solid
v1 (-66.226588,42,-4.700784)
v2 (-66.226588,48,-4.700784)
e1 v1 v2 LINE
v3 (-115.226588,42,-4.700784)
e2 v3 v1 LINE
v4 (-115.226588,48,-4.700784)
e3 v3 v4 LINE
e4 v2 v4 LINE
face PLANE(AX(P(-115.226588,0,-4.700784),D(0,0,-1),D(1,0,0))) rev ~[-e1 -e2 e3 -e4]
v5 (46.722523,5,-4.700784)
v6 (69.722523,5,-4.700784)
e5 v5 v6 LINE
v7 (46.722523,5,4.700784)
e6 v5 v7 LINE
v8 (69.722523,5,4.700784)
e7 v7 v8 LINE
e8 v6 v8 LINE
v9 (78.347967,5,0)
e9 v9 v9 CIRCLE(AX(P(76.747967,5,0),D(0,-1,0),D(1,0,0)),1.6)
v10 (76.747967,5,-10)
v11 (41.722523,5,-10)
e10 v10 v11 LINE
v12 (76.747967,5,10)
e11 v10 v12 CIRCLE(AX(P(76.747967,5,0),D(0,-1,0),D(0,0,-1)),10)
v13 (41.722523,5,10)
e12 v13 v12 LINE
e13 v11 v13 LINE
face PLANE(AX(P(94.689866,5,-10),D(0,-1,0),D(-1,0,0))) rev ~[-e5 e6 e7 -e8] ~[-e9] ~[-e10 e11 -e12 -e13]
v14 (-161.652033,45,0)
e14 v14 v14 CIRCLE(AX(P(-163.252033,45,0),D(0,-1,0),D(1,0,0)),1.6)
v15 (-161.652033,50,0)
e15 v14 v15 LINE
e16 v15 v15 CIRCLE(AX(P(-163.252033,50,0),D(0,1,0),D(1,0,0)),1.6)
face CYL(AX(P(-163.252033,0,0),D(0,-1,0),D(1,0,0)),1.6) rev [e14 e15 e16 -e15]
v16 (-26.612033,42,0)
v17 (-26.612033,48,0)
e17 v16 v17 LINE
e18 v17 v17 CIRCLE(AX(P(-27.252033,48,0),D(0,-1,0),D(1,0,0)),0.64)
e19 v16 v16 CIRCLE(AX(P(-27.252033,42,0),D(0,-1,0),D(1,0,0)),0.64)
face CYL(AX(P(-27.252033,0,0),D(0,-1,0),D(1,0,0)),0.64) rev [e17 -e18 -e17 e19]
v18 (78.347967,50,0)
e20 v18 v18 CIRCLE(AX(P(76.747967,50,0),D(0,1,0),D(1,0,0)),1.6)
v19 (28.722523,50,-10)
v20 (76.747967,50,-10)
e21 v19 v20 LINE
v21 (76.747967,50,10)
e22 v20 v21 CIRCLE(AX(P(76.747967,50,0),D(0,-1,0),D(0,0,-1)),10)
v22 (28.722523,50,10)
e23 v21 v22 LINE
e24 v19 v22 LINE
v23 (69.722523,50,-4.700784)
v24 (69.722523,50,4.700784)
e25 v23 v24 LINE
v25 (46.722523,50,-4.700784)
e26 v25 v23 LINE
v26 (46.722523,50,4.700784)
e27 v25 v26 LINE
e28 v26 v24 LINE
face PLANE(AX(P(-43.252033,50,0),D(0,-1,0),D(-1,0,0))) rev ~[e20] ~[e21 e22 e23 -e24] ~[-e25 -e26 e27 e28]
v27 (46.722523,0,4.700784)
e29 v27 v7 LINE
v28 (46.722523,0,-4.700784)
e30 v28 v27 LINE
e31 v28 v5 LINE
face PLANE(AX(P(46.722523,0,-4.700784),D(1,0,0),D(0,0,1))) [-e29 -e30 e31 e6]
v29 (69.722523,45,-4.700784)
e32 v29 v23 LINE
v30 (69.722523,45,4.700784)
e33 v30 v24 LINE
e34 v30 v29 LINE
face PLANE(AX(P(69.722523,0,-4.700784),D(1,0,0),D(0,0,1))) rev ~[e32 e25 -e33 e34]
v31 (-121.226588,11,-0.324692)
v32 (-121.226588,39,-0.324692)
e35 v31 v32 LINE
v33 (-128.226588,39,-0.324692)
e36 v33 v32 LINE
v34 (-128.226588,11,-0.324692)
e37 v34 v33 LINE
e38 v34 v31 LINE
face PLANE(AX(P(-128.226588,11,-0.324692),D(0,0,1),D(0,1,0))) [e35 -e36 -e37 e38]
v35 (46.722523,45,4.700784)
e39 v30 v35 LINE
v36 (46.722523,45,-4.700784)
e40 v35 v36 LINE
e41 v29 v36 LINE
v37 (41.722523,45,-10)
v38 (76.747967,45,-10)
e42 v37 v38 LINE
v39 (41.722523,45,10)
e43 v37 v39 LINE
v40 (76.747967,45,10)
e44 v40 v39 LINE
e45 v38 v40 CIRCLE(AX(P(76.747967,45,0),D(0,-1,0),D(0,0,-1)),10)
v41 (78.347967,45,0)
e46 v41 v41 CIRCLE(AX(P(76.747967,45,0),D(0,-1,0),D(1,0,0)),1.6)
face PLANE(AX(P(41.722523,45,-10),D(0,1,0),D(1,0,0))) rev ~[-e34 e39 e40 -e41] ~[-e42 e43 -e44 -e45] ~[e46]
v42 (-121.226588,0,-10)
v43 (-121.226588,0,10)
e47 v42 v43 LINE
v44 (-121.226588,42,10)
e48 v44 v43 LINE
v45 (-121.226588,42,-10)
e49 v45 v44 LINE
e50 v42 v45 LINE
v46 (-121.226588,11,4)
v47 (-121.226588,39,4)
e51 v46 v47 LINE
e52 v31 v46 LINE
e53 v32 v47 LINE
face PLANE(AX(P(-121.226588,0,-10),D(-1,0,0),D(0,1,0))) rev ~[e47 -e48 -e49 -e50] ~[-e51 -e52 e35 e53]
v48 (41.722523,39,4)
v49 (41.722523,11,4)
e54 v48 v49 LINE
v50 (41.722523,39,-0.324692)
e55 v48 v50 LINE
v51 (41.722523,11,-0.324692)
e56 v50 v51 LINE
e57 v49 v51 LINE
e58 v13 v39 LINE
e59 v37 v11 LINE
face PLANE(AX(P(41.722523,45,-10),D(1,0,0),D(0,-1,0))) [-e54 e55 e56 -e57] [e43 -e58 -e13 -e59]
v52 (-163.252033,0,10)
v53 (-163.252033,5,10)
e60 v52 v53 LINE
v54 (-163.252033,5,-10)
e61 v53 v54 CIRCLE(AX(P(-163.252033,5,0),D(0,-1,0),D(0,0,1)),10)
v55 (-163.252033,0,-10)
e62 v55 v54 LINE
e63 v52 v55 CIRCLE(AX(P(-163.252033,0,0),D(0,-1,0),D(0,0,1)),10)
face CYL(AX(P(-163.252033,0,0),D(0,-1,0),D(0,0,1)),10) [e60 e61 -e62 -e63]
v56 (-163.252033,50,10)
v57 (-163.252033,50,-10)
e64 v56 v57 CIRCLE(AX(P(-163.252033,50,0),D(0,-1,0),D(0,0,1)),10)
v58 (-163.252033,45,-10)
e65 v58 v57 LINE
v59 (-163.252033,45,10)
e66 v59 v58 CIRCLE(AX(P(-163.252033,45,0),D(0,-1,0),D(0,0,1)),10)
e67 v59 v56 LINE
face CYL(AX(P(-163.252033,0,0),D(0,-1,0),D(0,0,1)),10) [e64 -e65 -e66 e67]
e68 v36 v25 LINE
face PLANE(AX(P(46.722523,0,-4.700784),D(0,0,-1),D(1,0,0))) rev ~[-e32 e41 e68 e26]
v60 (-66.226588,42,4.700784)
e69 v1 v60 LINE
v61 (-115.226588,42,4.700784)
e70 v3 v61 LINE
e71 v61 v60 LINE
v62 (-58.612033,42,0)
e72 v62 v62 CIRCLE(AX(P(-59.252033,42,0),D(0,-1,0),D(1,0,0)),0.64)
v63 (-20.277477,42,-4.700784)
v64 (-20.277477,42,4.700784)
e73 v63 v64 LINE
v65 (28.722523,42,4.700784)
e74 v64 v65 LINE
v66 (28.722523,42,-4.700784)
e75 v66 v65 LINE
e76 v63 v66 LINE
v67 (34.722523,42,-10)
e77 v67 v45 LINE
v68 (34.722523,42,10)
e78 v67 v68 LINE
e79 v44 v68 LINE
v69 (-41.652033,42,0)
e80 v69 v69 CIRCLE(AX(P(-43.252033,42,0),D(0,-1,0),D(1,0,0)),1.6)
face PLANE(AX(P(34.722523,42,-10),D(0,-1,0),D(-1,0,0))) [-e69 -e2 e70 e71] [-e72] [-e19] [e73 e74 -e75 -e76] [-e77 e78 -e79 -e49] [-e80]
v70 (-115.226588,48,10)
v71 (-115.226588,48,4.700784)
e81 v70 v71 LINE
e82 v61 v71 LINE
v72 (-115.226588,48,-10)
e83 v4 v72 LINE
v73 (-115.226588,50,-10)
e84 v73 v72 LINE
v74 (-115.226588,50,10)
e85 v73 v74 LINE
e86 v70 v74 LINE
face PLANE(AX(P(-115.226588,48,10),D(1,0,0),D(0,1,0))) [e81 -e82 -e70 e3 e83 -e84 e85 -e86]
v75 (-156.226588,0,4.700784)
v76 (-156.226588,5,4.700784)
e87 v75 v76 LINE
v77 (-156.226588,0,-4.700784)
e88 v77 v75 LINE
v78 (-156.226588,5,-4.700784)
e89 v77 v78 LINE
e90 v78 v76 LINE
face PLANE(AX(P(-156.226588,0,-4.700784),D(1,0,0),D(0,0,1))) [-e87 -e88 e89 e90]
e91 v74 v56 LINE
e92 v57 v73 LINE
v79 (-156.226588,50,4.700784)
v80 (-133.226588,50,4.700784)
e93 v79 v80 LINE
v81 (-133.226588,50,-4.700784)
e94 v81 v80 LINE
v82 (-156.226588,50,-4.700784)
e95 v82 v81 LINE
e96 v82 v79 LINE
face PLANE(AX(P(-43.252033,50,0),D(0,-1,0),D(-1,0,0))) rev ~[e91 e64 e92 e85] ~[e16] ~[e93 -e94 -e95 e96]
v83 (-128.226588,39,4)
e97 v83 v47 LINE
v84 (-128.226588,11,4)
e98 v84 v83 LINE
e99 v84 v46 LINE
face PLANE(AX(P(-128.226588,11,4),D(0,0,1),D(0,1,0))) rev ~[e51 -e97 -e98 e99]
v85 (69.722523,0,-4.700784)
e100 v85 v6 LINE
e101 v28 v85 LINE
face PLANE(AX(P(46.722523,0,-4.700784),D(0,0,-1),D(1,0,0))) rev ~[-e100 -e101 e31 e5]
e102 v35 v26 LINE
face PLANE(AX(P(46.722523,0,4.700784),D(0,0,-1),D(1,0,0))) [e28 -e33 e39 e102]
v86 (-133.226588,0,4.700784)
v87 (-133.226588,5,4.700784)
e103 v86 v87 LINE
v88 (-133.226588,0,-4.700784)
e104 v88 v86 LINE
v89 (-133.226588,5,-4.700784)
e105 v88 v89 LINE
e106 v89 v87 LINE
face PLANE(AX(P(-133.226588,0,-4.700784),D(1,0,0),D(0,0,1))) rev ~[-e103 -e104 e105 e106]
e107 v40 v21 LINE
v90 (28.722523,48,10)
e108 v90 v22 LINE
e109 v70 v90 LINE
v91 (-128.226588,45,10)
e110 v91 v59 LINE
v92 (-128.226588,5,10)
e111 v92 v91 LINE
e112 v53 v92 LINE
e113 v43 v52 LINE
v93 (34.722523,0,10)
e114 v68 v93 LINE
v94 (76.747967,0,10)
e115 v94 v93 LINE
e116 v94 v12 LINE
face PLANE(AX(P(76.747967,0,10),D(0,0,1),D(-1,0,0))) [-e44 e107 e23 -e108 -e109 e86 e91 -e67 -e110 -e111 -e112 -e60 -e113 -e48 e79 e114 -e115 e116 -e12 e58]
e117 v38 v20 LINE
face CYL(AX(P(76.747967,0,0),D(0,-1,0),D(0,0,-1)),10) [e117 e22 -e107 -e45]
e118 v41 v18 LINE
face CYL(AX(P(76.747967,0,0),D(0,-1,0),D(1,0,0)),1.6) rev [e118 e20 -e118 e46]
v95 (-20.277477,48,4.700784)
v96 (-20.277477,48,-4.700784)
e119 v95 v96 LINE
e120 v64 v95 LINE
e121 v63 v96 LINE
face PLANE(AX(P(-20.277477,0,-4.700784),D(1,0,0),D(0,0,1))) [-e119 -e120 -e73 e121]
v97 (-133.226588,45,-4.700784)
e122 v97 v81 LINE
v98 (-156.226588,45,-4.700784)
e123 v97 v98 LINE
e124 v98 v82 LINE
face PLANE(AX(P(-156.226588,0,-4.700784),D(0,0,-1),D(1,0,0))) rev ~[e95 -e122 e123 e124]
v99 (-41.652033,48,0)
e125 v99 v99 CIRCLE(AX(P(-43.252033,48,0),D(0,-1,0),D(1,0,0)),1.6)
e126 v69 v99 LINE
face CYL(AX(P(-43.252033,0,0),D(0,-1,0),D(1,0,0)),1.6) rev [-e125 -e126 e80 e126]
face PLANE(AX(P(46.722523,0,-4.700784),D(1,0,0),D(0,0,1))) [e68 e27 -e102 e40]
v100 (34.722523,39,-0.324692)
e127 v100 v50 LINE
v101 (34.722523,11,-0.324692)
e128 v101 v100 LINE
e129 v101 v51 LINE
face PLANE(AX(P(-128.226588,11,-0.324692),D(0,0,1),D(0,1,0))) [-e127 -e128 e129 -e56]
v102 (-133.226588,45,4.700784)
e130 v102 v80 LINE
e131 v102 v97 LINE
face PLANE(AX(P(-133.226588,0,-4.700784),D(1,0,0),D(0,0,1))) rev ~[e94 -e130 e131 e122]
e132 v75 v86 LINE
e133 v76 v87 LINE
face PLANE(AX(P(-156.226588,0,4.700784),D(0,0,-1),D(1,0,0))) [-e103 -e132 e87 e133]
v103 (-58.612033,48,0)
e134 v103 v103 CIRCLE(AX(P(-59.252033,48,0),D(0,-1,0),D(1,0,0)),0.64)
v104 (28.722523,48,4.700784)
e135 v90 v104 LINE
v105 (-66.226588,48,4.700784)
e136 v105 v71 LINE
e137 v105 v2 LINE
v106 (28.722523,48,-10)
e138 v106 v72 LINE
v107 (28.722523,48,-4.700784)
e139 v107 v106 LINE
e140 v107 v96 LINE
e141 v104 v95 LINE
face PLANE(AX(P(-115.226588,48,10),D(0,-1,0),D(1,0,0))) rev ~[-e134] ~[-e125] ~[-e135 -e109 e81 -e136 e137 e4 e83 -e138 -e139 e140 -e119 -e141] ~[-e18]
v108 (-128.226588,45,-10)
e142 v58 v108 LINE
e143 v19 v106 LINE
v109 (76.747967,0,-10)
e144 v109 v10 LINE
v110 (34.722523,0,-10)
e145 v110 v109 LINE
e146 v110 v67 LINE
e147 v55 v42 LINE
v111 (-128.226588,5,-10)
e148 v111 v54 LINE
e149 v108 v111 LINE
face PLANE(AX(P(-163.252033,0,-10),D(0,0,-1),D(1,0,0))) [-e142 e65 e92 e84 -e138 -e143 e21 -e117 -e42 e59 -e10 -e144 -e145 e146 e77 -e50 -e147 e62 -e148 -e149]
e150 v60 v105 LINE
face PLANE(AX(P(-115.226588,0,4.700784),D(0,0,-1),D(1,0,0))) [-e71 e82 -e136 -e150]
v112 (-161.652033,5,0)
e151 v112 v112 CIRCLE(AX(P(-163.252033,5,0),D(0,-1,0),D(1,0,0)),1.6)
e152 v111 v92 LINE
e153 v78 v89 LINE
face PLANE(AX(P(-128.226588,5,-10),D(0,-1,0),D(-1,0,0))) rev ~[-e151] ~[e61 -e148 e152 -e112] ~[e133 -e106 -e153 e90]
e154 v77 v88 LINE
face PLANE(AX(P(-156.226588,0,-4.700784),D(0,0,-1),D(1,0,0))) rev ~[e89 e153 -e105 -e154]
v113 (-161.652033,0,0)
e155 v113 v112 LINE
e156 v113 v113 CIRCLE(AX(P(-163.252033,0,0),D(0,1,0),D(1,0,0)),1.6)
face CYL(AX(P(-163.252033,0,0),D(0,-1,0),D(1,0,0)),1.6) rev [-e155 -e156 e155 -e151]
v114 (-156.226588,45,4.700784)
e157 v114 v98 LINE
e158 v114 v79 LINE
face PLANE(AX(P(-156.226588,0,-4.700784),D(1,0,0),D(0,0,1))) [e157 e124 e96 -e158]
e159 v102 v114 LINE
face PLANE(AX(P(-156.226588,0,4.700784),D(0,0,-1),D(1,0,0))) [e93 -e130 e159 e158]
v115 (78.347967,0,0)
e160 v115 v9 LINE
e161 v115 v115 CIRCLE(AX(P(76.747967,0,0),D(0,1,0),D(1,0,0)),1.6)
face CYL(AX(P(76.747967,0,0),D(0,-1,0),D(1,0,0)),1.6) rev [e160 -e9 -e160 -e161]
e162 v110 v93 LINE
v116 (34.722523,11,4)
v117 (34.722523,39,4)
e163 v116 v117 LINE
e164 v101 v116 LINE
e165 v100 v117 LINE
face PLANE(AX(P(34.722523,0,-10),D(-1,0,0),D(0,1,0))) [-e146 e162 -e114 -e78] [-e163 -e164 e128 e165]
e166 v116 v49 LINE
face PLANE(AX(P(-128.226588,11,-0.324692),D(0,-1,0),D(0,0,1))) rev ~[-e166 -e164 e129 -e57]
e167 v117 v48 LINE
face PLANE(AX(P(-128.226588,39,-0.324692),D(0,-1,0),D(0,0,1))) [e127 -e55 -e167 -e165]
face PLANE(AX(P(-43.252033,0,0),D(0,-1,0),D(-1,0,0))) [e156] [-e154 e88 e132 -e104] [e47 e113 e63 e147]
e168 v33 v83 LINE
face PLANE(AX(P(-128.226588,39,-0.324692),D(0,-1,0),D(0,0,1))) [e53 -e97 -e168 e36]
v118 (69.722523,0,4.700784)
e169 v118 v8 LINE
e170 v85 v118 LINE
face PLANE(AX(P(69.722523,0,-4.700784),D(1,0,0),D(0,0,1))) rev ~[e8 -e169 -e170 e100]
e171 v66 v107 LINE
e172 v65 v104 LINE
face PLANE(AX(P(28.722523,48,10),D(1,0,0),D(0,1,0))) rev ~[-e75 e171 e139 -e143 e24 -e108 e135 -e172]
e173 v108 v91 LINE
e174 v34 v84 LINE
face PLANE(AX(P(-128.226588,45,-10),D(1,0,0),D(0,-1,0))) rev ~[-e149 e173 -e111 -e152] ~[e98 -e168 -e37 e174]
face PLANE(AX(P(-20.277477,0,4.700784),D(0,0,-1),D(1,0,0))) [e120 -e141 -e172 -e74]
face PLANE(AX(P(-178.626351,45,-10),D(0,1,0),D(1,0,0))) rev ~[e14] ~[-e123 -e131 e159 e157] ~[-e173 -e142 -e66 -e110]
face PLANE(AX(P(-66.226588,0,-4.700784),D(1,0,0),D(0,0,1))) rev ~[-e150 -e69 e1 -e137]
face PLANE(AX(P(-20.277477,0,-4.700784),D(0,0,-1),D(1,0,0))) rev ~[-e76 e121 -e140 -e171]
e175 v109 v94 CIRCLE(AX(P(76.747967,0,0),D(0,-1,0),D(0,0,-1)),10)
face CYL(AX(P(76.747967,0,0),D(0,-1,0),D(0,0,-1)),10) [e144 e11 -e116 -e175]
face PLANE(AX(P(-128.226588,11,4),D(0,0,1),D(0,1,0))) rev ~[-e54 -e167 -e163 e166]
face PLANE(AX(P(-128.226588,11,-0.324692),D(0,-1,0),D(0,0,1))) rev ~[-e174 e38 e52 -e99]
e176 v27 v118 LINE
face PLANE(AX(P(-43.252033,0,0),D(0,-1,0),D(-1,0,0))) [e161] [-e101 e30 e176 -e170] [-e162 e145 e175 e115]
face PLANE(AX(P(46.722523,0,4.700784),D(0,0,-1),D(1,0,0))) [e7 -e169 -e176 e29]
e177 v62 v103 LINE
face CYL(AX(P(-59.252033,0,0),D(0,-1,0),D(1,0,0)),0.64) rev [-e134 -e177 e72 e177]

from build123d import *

# Parameters (mm, degrees)
SKETCH_1_R          = 1.6
SKETCH_1_R_2        = 0.64
EXTRUDE_1_DEPTH     = 50
SKETCH_4_W          = 155.949110162
SKETCH_4_H          = 42
CUT_EXTRUDE_3_DEPTH = 21
SKETCH_5_W          = 23
SKETCH_5_H          = 9.401567806
SKETCH_5_W_2        = 49
CUT_EXTRUDE_4_DEPTH = 51
SKETCH_6_W          = 4.324691993
SKETCH_6_H          = 28
CUT_EXTRUDE_5_DEPTH = 215.974555081
SKETCH_7_W          = 143.949110162
SKETCH_7_H          = 2
CUT_EXTRUDE_6_DEPTH = 21


with BuildPart() as part:
    # 草图1 → 凸台-拉伸1 (new body)
    with BuildSketch(Plane(origin=(0, 0, 0), x_dir=(1, 0, 0), z_dir=(0, 1, 0))):
        with BuildLine():
            Line((-163.25203252, 10), (76.74796748, 10))
            ThreePointArc((76.74796748, 10), (86.74796748, 0), (76.74796748, -10))
            Line((76.74796748, -10), (-163.25203252, -10))
            ThreePointArc((-163.25203252, -10), (-173.25203252, 0), (-163.25203252, 10))
        make_face()
        with Locations((76.74796748, 0)):
            Circle(SKETCH_1_R, mode=Mode.SUBTRACT)
        with Locations((-163.25203252, 0)):
            Circle(SKETCH_1_R, mode=Mode.SUBTRACT)
        with Locations((-59.25203252, 0)):
            Circle(SKETCH_1_R_2, mode=Mode.SUBTRACT)
        with Locations((-43.25203252, 0)):
            Circle(SKETCH_1_R, mode=Mode.SUBTRACT)
        with Locations((-27.25203252, 0)):
            Circle(SKETCH_1_R_2, mode=Mode.SUBTRACT)
    extrude(amount=EXTRUDE_1_DEPTH)

    # 草图4 → 切除-拉伸3 (cut, through all)
    with BuildSketch(Plane(origin=(0, 0, -10), x_dir=(-1, 0, 0), z_dir=(0, 0, -1))):
        Polygon((-86.722522561, 45), (-56.74796748, 45), (-41.722522561, 45), (-41.722522561, 5), (-56.74796748, 5), (-86.74796748, 5), (-94.689865515, 5), (-94.689865515, 45), align=None)
        Polygon((128.226587601, 5), (173.25203252, 5), (178.626350661, 5), (178.626350661, 45), (173.226587601, 45), (128.226587601, 45), align=None)
        with Locations((43.25203252, 21)):
            Rectangle(SKETCH_4_W, SKETCH_4_H)
    extrude(amount=-CUT_EXTRUDE_3_DEPTH, mode=Mode.SUBTRACT)

    # 草图5 → 切除-拉伸4 (cut, through all)
    with BuildSketch(Plane.XZ):
        with Locations((58.222522561, 0)):
            Rectangle(SKETCH_5_W, SKETCH_5_H)
        with Locations((4.222522561, 0)):
            Rectangle(SKETCH_5_W_2, SKETCH_5_H)
        with Locations((-90.726587601, 0)):
            Rectangle(SKETCH_5_W_2, SKETCH_5_H)
        with Locations((-144.726587601, 0)):
            Rectangle(SKETCH_5_W, SKETCH_5_H)
    extrude(amount=-CUT_EXTRUDE_4_DEPTH, mode=Mode.SUBTRACT)

    # 草图6 → 切除-拉伸5 (cut, through all)
    with BuildSketch(Plane.ZY.offset(128.226587601)):
        with Locations((1.837654003, 25)):
            Rectangle(SKETCH_6_W, SKETCH_6_H)
    extrude(amount=-CUT_EXTRUDE_5_DEPTH, mode=Mode.SUBTRACT)

    # 草图7 → 切除-拉伸6 (cut, through all)
    with BuildSketch(Plane.XY.offset(10)):
        with Locations((-43.25203252, 49)):
            Rectangle(SKETCH_7_W, SKETCH_7_H)
    extrude(amount=-CUT_EXTRUDE_6_DEPTH, mode=Mode.SUBTRACT)


solid = part.part
